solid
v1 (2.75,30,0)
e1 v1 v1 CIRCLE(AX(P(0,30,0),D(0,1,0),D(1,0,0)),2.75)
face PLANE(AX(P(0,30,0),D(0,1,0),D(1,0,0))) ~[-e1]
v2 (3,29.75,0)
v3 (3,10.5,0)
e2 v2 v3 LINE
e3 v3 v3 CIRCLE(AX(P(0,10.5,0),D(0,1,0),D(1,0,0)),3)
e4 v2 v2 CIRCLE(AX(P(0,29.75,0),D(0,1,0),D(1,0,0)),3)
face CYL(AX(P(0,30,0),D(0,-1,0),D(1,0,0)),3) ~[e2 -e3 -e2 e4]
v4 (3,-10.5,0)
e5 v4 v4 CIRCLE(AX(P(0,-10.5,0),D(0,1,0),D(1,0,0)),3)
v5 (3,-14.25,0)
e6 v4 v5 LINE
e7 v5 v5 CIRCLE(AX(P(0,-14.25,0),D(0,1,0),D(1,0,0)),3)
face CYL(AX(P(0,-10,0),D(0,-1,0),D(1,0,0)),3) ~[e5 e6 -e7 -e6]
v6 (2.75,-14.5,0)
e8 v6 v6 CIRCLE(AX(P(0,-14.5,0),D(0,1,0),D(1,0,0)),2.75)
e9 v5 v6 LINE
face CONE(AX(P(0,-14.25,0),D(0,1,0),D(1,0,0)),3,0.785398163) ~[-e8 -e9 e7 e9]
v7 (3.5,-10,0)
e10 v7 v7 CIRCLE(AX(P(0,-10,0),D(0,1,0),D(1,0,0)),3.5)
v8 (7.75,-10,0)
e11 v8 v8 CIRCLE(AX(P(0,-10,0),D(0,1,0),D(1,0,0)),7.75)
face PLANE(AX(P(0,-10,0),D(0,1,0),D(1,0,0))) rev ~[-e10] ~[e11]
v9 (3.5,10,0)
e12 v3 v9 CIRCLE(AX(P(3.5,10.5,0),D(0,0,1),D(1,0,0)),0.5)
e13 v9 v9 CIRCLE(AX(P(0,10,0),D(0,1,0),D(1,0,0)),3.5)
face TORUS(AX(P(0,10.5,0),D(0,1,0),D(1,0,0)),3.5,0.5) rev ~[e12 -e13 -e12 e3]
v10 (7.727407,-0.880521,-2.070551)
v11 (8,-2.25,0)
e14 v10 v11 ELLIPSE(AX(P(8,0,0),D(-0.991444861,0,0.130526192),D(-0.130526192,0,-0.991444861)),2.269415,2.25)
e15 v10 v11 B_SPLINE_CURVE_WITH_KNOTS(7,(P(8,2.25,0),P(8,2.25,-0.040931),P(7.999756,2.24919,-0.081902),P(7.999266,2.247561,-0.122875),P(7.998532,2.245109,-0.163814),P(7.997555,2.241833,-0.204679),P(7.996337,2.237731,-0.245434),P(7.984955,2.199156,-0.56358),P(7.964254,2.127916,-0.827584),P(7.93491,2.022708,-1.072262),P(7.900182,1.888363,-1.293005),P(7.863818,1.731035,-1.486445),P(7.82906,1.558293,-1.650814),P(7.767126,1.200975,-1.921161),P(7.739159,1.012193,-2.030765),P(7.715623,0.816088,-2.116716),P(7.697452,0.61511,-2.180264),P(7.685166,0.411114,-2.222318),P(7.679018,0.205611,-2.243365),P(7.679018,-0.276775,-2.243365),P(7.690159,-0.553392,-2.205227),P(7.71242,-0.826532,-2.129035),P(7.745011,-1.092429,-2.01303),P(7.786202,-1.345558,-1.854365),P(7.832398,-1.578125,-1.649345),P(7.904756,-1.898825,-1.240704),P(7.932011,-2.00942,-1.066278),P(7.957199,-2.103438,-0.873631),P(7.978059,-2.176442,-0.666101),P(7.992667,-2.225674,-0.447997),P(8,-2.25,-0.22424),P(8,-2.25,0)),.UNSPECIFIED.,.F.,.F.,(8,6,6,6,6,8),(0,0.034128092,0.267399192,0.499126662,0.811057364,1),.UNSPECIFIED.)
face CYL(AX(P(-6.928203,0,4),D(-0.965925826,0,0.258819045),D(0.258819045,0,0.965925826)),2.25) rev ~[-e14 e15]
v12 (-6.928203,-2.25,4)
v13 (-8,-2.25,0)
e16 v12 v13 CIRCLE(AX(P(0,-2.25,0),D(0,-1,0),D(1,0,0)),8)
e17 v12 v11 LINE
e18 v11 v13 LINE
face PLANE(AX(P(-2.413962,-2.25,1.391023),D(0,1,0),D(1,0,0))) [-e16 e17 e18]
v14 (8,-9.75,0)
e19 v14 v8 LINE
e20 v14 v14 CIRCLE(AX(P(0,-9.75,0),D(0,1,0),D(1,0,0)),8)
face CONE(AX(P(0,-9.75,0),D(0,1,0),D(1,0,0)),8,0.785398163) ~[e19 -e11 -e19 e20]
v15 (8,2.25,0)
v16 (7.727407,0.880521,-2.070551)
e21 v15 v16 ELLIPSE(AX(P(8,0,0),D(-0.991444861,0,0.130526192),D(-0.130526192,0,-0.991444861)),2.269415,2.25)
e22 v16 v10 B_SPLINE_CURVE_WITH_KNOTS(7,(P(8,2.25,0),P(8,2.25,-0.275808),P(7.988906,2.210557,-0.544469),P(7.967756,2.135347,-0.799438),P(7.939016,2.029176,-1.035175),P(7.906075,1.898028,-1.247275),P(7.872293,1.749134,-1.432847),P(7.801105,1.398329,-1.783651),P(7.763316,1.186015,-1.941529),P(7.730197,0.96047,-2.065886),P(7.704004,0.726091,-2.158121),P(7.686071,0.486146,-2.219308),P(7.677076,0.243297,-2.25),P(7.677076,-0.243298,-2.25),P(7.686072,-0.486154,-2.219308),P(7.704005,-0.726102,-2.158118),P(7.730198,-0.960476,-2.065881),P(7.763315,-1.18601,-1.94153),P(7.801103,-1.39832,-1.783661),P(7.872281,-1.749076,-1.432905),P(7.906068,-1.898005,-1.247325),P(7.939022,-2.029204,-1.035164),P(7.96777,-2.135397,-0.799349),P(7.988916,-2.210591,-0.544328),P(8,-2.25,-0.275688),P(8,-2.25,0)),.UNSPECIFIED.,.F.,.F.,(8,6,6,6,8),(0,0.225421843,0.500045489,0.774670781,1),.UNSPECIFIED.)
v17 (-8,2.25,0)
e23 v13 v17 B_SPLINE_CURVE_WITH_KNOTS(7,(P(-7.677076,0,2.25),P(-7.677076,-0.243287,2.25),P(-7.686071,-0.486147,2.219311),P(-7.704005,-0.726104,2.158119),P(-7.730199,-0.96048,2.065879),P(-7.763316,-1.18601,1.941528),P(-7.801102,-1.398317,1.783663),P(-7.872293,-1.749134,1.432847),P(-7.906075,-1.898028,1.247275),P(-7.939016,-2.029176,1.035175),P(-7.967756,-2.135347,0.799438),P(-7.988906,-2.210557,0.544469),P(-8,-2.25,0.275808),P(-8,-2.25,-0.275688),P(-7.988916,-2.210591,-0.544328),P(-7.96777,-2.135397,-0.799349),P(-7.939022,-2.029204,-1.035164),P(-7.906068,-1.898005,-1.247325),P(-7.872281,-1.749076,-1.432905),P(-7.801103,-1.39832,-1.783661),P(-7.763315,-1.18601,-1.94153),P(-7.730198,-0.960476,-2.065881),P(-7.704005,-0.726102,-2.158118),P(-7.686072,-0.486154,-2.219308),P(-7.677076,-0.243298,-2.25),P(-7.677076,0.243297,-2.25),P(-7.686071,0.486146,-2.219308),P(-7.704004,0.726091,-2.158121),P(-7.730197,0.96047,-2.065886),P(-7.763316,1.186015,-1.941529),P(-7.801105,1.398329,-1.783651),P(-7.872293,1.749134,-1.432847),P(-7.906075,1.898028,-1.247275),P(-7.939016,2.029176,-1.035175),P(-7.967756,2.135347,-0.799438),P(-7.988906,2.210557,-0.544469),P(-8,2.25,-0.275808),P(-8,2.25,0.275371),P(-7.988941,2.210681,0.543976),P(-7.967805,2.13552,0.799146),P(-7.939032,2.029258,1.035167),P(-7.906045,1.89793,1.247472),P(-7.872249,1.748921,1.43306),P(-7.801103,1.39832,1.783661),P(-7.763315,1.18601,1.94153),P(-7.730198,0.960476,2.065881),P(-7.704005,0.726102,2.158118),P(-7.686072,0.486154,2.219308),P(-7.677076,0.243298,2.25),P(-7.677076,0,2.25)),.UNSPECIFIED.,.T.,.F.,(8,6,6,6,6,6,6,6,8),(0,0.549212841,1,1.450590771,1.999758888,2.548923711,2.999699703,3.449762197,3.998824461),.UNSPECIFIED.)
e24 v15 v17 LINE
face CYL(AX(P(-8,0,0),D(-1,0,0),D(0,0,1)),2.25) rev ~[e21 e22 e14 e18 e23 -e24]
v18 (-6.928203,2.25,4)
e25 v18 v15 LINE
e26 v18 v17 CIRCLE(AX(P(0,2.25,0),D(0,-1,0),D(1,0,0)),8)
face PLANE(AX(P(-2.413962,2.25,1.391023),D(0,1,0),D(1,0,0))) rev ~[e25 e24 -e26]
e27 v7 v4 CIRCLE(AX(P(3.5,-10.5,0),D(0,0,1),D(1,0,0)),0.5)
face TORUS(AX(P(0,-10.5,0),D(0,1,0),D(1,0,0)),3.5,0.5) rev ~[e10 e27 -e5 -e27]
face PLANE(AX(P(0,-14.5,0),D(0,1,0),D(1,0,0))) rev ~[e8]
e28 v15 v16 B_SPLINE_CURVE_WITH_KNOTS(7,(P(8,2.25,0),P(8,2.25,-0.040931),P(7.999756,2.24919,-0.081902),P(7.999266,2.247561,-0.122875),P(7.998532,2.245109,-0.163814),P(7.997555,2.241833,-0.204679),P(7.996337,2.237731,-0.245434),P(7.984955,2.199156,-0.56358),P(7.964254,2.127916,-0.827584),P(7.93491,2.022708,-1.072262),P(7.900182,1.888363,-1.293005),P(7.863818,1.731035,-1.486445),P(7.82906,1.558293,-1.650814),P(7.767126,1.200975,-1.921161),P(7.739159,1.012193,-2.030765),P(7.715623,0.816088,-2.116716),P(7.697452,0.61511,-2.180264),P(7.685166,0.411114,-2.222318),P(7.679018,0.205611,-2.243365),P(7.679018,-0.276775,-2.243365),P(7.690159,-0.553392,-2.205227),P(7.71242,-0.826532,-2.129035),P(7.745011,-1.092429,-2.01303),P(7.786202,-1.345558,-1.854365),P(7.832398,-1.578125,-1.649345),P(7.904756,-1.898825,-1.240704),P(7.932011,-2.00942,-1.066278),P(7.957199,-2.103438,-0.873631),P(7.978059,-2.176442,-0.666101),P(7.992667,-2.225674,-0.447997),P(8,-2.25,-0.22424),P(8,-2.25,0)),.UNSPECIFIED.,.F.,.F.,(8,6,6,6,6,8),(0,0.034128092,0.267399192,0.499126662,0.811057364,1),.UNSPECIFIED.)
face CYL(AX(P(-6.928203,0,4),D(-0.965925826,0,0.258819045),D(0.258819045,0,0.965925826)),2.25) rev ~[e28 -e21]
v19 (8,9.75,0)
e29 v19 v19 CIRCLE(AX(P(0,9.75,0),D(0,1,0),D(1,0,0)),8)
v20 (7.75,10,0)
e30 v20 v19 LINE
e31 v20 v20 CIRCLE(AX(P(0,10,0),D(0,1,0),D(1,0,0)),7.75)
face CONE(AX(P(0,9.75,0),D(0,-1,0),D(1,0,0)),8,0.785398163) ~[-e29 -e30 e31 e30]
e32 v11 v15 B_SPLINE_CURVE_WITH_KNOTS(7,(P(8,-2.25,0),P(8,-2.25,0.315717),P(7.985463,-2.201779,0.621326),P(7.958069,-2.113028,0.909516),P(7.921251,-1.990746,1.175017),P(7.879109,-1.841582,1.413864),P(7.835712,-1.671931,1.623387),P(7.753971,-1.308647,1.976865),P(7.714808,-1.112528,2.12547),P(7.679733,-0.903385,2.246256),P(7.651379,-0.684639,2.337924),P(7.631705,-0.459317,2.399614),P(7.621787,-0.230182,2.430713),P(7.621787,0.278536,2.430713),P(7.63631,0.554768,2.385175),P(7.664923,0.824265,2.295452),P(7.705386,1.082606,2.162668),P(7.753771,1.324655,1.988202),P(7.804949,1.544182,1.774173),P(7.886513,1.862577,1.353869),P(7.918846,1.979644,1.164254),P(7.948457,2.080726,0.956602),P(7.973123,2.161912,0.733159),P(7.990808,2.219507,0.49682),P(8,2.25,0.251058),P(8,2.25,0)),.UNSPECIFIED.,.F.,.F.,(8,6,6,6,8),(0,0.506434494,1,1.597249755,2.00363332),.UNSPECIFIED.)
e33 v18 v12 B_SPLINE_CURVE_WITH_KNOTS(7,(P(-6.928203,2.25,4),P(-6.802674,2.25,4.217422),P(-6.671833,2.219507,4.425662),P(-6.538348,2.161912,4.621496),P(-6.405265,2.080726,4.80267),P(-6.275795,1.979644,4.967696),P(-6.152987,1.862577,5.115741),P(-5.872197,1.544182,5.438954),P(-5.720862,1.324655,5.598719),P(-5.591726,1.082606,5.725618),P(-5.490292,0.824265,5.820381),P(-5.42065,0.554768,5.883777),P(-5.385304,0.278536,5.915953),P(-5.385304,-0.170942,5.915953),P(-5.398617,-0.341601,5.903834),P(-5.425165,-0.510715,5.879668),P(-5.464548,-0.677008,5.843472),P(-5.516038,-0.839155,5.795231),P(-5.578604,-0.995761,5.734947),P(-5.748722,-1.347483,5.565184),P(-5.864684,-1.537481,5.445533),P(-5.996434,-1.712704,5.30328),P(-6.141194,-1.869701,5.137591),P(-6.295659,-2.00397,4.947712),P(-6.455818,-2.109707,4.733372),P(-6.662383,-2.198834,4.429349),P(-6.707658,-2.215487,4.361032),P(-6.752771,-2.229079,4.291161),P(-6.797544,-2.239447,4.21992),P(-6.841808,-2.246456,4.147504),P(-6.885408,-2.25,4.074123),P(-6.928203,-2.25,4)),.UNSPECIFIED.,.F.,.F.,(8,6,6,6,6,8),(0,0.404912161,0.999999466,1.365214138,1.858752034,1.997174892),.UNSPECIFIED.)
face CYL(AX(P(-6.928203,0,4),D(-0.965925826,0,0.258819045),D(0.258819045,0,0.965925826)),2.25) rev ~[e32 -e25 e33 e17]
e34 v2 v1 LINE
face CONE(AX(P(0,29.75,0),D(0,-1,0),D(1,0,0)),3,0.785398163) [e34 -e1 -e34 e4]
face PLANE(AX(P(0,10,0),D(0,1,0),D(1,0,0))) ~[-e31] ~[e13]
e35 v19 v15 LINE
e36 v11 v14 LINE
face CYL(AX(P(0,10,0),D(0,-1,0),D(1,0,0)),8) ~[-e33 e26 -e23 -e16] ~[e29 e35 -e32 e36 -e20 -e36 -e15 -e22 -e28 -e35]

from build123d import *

# Parameters (mm, degrees)
ESBO_O2_R                  = 2.25
CORTE_EXTRUS_O2_DEPTH      = 17
ESBO_O7_R                  = 2.25
CORTE_EXTRUS_O6_DEPTH      = 3.070552483
CORTE_EXTRUS_O6_DEPTH_BACK = 18.525365704
CUT_EXTRUDE1_DEPTH         = 2.25
FILLET1_R                  = 0.5
CHAMFER1_SIZE              = 0.25
CHAMFER4_SIZE              = 0.25


with BuildPart() as part:
    # Esboço1 → Revolução1 (revolve)
    with BuildSketch(Plane.XY):
        Polygon((0, 30), (3, 30), (3, 10), (8, 10), (8, -10), (3, -10), (3, -14.5), (0, -14.5), (0, 0), align=None)
    revolve(axis=Axis((0, 0, 0), (0, 1, 0)))

    # Esboço2 → Corte-extrusão2 (cut, through all)
    with BuildSketch(Plane.ZY.offset(8)):
        Circle(ESBO_O2_R)
    extrude(amount=-CORTE_EXTRUS_O2_DEPTH, mode=Mode.SUBTRACT)

    # Esboço7 → Corte-extrusão6 (cut, two sides)
    with BuildSketch(Plane(origin=(-6.92820323, 0, 4), x_dir=(0.258819045, 0, 0.965925826), z_dir=(-0.965925826, 0, 0.258819045))) as corte_extrus_o6_sk:
        Circle(ESBO_O7_R)
    extrude(amount=CORTE_EXTRUS_O6_DEPTH, mode=Mode.SUBTRACT)
    extrude(corte_extrus_o6_sk.sketch, amount=-CORTE_EXTRUS_O6_DEPTH_BACK, mode=Mode.SUBTRACT)

    # Sketch1 → Cut-Extrude1 (cut, symmetric)
    with BuildSketch(Plane(origin=(0, 0, 0), x_dir=(1, 0, 0), z_dir=(0, 1, 0))):
        Polygon((8, 0), (-10.844388007, 0), (-10.495748768, -4.955920946), align=None)
    extrude(amount=CUT_EXTRUDE1_DEPTH, both=True, mode=Mode.SUBTRACT)

    # Fillet1
    fillet1_edges = [part.edges().sort_by_distance(p)[0] for p in [
        (-3, -10, 0),
        (-3, 10, 0),
    ]]
    fillet(fillet1_edges, radius=FILLET1_R)

    # Chamfer1
    chamfer1_edges = [part.edges().sort_by_distance(p)[0] for p in [
        (-3, -14.5, 0),
        (-3, 30, 0),
    ]]
    chamfer(chamfer1_edges, length=CHAMFER1_SIZE)

    # Chamfer4
    chamfer4_edges = [part.edges().sort_by_distance(p)[0] for p in [
        (-8, -10, 0),
        (-8, 10, 0),
    ]]
    chamfer(chamfer4_edges, length=CHAMFER4_SIZE)


solid = part.part
